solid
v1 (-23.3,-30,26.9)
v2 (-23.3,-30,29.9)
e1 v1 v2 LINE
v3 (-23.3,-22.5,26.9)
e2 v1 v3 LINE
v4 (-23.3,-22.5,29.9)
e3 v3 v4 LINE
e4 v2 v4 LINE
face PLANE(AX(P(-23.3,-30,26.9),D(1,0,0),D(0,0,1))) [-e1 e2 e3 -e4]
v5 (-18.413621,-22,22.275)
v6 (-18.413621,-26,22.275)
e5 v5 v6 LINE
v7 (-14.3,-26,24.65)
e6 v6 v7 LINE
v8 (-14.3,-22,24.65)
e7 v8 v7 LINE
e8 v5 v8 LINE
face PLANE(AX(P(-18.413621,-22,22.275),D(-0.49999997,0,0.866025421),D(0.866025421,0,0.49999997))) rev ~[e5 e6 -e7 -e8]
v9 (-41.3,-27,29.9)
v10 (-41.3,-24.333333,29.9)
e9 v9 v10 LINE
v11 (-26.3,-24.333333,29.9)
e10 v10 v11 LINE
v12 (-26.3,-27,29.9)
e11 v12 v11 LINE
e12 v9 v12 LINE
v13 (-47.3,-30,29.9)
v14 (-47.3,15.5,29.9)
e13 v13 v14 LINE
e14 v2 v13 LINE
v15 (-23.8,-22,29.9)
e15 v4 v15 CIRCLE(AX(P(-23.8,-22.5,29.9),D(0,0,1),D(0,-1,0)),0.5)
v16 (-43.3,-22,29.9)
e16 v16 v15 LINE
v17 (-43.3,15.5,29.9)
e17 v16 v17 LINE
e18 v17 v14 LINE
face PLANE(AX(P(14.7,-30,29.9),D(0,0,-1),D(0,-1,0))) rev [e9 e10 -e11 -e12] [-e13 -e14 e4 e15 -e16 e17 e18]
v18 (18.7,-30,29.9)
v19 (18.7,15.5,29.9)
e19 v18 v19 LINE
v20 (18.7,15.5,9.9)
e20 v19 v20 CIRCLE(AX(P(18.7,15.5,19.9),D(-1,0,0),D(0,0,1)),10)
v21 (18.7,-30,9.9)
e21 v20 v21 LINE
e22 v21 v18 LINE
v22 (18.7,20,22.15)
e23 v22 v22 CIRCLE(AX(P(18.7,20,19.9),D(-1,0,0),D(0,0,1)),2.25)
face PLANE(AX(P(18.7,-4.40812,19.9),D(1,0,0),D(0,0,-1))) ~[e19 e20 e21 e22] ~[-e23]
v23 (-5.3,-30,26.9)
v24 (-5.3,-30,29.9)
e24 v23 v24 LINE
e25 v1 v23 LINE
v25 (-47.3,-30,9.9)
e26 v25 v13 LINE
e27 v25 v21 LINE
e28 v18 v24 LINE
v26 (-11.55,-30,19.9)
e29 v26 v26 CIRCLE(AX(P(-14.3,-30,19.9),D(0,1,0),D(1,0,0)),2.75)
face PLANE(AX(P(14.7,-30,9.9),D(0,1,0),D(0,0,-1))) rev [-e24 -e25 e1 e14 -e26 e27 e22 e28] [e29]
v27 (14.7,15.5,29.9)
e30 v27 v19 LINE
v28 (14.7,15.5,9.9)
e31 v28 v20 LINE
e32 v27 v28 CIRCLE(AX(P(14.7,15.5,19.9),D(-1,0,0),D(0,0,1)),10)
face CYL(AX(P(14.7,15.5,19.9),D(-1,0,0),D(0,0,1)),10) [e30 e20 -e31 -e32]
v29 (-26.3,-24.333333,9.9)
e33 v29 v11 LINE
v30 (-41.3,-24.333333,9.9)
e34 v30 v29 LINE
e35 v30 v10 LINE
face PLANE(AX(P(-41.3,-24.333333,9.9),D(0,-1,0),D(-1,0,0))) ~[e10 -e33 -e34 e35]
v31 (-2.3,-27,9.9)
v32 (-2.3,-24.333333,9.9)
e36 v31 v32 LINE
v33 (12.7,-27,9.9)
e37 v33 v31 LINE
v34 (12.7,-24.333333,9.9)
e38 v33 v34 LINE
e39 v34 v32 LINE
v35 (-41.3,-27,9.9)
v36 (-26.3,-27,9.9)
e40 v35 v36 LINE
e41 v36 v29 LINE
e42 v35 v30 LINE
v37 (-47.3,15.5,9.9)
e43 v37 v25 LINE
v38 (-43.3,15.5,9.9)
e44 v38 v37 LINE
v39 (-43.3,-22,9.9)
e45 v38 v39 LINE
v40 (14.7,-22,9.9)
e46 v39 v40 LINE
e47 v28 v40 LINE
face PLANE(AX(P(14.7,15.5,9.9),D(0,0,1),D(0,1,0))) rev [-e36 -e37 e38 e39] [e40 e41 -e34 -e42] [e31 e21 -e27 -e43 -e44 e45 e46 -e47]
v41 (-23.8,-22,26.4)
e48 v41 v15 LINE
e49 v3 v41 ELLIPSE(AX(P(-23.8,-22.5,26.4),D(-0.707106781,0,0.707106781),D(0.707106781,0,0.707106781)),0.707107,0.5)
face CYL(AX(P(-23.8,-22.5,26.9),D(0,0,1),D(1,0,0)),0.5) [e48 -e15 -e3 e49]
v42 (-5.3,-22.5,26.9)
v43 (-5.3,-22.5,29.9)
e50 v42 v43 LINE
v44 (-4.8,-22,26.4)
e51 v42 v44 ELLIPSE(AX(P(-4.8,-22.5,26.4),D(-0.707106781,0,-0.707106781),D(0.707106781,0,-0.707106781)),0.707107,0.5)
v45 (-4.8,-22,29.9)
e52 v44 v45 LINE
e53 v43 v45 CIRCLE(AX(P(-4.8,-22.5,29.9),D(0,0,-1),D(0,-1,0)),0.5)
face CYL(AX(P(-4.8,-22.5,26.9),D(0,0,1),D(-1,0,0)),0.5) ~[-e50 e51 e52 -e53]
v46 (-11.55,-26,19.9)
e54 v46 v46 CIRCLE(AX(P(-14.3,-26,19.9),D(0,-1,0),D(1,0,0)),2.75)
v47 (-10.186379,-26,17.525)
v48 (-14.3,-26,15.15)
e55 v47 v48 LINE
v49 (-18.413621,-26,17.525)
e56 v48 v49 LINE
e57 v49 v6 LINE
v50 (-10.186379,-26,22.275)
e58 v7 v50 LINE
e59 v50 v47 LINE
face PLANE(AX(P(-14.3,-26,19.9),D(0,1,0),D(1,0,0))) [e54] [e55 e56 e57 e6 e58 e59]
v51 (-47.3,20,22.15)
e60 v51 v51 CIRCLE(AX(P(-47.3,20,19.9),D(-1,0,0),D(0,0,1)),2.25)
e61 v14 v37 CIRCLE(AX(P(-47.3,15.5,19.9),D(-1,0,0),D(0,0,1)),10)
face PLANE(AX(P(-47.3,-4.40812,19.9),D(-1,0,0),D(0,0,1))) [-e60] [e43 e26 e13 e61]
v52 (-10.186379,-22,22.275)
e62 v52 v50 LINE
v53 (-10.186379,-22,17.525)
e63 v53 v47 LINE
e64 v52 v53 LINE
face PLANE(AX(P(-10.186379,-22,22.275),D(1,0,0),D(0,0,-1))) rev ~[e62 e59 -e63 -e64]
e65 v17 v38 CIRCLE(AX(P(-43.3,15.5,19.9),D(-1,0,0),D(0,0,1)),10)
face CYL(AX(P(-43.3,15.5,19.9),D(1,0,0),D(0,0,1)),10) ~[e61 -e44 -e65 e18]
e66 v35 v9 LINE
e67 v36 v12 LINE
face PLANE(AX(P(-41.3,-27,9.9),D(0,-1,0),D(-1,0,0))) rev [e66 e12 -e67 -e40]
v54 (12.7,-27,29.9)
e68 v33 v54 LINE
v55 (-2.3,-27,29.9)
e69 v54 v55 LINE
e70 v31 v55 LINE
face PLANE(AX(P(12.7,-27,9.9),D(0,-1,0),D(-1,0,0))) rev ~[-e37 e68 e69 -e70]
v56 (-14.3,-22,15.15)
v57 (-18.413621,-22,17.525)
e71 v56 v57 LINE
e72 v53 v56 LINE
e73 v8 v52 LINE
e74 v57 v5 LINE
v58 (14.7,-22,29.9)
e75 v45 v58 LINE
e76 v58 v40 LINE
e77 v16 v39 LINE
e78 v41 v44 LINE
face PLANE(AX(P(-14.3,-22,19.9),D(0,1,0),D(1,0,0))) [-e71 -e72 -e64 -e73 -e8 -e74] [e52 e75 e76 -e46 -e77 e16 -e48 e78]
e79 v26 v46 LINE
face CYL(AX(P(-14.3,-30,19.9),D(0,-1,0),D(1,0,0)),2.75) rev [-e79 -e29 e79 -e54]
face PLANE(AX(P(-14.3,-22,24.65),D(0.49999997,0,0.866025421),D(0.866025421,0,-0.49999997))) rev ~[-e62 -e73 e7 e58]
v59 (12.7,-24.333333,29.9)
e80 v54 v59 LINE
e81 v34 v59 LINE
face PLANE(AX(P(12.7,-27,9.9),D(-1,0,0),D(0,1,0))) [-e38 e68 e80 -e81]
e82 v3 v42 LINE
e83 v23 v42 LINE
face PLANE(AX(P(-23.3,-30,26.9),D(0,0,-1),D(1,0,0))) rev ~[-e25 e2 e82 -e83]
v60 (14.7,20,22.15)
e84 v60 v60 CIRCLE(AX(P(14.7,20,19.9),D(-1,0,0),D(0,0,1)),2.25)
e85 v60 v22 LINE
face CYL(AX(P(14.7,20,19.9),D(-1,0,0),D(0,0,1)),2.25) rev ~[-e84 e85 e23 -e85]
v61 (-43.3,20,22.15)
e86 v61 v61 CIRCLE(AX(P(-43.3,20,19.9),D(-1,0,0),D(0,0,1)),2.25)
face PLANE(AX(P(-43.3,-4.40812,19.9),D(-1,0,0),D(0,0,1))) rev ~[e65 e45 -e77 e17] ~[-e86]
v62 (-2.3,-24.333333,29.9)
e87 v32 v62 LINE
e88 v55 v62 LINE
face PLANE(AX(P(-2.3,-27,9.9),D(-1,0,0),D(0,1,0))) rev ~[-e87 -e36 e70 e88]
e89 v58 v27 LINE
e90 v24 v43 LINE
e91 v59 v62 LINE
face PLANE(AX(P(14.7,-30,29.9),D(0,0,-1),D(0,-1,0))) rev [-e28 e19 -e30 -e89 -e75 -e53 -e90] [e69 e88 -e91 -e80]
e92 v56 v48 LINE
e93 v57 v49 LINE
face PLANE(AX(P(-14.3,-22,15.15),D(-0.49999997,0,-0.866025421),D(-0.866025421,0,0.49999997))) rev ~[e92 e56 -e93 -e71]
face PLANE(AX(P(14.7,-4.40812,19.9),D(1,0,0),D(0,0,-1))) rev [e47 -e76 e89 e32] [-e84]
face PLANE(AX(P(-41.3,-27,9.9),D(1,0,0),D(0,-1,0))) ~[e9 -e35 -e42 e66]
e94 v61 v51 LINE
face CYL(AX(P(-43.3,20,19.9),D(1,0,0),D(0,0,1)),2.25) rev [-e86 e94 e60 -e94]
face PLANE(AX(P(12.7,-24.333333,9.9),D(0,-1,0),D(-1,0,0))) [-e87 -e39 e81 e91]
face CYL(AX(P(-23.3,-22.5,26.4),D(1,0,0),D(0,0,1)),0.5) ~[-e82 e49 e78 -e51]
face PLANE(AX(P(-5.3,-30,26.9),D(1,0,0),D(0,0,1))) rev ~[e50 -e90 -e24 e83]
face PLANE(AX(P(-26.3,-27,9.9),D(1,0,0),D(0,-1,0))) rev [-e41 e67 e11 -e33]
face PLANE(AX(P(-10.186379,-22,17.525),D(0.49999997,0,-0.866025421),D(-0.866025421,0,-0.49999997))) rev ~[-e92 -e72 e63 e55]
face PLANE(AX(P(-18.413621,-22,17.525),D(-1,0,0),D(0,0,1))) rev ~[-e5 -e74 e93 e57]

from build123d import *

# Parameters (mm, degrees)
SKETCH005_W             = 58
SKETCH005_H             = 20
SKETCH005_R             = 2.75
PAD004_DEPTH            = 8
SKETCH006_R             = 2.25
PAD005_DEPTH            = 4
POCKET005_DEPTH         = 4
SKETCH011_W             = 15
SKETCH011_H             = 2.666667
POCKET007_DEPTH         = 20
SKETCH012_W             = 18
SKETCH012_H             = 3
POCKET008_DEPTH         = 8
FILLET_R                = 0.5
BODY002_PLACEMENT_ANGLE = 180


with BuildPart() as part:
    # Sketch005 → Pad004 (new body)
    with BuildSketch(Plane.XZ):
        Rectangle(SKETCH005_W, SKETCH005_H)
        Circle(SKETCH005_R, mode=Mode.SUBTRACT)
    extrude(amount=PAD004_DEPTH)

    # Sketch006 (on Face4 of Pad004) → Pad005 (join)
    with BuildSketch(Plane(origin=(-29, 0, 0), x_dir=(0, 0, -1), z_dir=(-1, 0, 0))):
        with BuildLine():
            Line((-10, 0), (10, 0))
            Line((10, 0), (10, 45.5))
            ThreePointArc((10, 45.5), (0, 55.5), (-10, 45.5))
            Line((-10, 45.5), (-10, 0))
        make_face()
        with Locations((0, 50)):
            Circle(SKETCH006_R, mode=Mode.SUBTRACT)
    pad005 = extrude(amount=PAD005_DEPTH)

    # Mirrored003: Pad005 across YZ
    add(pad005.mirror(Plane.YZ))

    # Sketch007 (on Face5 of Mirrored003) → Pocket005 (cut)
    with BuildSketch(Plane.XZ.offset(8)):
        Polygon((4.113621, 2.375), (0, 4.75), (-4.113621, 2.375), (-4.113621, -2.375), (0, -4.75), (4.113621, -2.375), align=None)
    extrude(amount=-POCKET005_DEPTH, mode=Mode.SUBTRACT)

    # Sketch011 (on Face14 of Pocket005) → Pocket007 (cut)
    with BuildSketch(Plane(origin=(0, 0, 10), x_dir=(-1, 0, 0), z_dir=(0, 0, 1))):
        with Locations((-19.5, 4.333334)):
            Rectangle(SKETCH011_W, SKETCH011_H)
    pocket007 = extrude(amount=-POCKET007_DEPTH, mode=Mode.SUBTRACT)

    # Mirrored004: Pocket007 across YZ
    add(pocket007.mirror(Plane.YZ), mode=Mode.SUBTRACT)

    # Sketch012 (on Face3 of Mirrored004) → Pocket008 (cut)
    with BuildSketch(Plane(origin=(0, 0, 0), x_dir=(1, 0, 0), z_dir=(0, 1, 0))):
        with Locations((0, 8.5)):
            Rectangle(SKETCH012_W, SKETCH012_H)
    extrude(amount=-POCKET008_DEPTH, mode=Mode.SUBTRACT)

    # Fillet
    fillet_edges = [part.edges().sort_by_distance(p)[0] for p in [
        (0, -8, -7),
        (9, -8, -8.5),
        (-9, -8, -8.5),
    ]]
    fillet(fillet_edges, radius=FILLET_R)


with BuildPart() as part_1:
    # Body002 placement: moved
    add(part.part.moved(Location((-14.3, -30, 19.9))).rotate(Axis((-14.3, -30, 19.9), (1, 0, 0)), BODY002_PLACEMENT_ANGLE))


solid = part_1.part
